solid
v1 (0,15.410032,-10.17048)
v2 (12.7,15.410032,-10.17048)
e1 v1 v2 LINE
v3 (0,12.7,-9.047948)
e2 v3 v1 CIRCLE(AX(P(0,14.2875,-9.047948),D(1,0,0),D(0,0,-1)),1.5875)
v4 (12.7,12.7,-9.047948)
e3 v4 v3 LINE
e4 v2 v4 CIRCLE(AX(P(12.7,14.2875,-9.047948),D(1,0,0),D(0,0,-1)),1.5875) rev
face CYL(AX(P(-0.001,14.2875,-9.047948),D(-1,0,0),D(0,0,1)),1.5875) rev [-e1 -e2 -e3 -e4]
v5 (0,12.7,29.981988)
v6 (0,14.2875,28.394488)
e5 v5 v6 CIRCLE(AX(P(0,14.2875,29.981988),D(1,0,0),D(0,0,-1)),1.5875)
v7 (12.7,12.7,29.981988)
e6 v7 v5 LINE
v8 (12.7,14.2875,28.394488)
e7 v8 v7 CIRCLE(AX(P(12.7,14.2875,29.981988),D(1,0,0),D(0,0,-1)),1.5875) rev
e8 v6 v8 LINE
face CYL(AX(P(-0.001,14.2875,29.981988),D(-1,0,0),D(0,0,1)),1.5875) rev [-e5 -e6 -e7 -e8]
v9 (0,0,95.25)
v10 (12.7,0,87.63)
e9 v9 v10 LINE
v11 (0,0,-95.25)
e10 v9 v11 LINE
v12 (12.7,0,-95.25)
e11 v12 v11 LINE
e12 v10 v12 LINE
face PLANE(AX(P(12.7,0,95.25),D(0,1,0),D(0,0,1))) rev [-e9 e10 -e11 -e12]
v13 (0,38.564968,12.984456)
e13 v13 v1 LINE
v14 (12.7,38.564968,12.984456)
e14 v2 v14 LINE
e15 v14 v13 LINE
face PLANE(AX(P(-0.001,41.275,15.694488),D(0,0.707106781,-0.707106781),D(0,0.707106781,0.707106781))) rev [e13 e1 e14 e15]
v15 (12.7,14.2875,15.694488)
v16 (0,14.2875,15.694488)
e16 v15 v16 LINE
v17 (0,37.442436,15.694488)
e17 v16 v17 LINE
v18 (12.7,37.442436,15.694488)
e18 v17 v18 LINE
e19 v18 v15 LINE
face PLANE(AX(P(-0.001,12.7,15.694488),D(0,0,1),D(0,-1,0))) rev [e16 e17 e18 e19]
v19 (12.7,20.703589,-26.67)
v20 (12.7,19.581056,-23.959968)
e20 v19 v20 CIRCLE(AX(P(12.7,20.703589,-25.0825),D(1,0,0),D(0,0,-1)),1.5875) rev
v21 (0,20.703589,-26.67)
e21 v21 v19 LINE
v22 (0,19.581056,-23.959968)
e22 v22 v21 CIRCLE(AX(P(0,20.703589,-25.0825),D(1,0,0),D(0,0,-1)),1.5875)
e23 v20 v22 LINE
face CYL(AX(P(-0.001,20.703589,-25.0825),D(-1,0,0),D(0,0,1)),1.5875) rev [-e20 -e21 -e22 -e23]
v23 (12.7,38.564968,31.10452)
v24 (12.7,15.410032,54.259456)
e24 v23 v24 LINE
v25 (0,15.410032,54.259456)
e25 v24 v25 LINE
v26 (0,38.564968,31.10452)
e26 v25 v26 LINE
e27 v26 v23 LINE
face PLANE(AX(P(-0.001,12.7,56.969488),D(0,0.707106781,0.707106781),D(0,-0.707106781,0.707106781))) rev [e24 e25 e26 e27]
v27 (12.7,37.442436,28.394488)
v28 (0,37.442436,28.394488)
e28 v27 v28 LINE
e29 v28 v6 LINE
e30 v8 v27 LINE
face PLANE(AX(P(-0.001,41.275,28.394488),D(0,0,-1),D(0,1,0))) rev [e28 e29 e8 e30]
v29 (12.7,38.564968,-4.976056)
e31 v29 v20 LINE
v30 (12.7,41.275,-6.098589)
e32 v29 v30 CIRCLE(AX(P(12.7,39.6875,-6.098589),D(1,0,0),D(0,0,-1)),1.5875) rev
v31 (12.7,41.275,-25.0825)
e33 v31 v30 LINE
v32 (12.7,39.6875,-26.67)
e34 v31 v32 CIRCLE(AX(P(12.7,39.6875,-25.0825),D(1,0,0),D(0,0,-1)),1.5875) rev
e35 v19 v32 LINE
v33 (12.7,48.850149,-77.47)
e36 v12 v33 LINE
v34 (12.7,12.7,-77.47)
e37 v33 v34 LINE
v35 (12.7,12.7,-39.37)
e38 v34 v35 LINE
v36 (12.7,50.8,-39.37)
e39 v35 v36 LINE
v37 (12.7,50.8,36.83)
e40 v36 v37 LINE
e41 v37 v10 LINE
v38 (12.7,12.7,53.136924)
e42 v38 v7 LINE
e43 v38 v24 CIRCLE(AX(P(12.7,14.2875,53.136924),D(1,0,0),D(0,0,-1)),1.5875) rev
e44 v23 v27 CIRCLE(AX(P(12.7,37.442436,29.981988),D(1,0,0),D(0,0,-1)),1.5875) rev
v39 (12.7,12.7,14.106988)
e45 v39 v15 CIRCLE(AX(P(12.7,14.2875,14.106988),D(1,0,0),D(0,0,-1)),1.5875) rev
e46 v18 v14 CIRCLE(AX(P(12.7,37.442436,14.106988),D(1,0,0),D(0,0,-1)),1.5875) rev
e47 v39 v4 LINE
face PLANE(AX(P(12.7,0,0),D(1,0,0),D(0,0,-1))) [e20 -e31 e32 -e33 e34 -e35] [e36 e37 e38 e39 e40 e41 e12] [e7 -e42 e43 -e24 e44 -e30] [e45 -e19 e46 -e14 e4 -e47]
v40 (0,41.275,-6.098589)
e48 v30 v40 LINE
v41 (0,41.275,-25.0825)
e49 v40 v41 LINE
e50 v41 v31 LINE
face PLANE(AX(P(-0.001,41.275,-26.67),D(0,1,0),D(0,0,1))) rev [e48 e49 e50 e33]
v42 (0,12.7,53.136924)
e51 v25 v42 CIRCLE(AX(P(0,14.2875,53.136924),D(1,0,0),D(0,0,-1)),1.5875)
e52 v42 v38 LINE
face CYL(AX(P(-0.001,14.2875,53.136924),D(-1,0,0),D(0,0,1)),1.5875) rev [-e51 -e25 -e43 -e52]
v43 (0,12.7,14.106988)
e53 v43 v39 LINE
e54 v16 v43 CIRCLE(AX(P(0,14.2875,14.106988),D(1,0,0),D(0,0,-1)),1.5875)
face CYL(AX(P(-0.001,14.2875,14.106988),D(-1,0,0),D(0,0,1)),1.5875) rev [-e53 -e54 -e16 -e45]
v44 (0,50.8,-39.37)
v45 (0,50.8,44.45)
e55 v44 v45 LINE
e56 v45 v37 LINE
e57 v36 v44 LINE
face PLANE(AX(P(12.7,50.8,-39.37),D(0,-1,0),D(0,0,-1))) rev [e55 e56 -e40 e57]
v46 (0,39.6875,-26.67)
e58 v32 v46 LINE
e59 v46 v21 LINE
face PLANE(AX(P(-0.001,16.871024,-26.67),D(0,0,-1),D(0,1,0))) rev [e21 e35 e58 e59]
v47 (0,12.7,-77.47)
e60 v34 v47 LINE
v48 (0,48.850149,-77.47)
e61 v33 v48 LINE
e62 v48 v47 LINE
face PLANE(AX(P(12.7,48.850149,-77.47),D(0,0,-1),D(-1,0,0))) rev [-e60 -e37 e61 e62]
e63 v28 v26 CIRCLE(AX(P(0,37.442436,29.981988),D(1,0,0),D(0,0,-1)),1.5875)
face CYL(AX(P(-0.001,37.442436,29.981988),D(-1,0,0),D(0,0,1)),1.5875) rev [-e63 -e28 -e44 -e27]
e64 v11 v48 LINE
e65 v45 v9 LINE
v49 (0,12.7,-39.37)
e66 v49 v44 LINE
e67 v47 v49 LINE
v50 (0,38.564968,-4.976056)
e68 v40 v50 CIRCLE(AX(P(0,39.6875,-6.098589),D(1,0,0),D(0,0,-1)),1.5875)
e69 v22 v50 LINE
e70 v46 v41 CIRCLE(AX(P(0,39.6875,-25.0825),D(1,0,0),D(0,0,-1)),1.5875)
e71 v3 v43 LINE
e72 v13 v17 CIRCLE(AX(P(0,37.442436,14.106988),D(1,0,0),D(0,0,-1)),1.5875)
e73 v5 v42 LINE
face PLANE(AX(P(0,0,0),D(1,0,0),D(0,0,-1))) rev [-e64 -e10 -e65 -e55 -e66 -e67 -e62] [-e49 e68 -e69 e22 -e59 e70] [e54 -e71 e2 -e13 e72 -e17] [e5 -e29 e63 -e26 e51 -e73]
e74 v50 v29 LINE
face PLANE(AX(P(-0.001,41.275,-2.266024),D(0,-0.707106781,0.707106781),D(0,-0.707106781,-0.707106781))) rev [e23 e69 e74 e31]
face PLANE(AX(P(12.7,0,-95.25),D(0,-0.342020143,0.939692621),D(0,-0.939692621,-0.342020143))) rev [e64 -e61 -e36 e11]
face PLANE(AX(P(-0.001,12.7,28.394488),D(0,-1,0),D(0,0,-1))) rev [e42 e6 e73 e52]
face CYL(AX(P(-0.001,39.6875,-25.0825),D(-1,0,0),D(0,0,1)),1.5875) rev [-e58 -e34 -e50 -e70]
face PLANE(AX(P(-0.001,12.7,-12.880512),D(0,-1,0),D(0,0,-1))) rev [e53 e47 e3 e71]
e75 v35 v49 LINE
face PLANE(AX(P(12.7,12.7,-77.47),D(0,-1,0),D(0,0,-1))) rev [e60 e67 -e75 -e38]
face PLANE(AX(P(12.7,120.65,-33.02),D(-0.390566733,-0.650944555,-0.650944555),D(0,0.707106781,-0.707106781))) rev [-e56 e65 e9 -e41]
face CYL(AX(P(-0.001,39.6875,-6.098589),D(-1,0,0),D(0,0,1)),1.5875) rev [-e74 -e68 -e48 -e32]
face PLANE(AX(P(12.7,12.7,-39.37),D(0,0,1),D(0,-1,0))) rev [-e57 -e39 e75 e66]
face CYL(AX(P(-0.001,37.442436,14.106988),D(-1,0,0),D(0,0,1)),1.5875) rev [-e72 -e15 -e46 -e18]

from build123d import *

# Parameters (mm, degrees)
BOSS_EXTRUDE1_DEPTH = 12.7
CUT_EXTRUDE1_DEPTH  = 155.131437711
CUT_EXTRUDE2_REACH  = 110.694
FILLET1_R           = 1.5875


with BuildPart() as part:
    # Sketch1 → Boss-Extrude1 (new body)
    with BuildSketch(Plane(origin=(0, 0, 0), x_dir=(0, 0, -1), z_dir=(1, 0, 0))):
        Polygon((-95.25, 0), (95.25, 0), (77.47, 48.850148518), (77.47, 12.7), (39.37, 12.7), (39.37, 50.8), (-44.45, 50.8), align=None)
    extrude(amount=BOSS_EXTRUDE1_DEPTH)

    # Sketch2 → Cut-Extrude1 (cut, through all, along a direction that is not the sketch's normal)
    with BuildSketch(Plane(origin=(0, 0, 0), x_dir=(-1, 0, 0), z_dir=(0, -1, 0))):
        Polygon((0, -95.25), (-12.7, -95.25), (-12.7, -87.63), align=None)
    extrude(amount=-CUT_EXTRUDE1_DEPTH, dir=(0, -0.7071067811865438, 0.7071067811865512), mode=Mode.SUBTRACT)

    # Sketch4 → Cut-Extrude2 (cut, up to next)
    with BuildSketch(Plane(origin=(12.7, 0, 0), x_dir=(0, 0, -1), z_dir=(1, 0, 0)), mode=Mode.PRIVATE) as cut_extrude2_sk1:
        Polygon((-56.969487758, 12.7), (-28.394487758, 41.275), (-28.394487758, 12.7), align=None)
    cut_extrude2_tool1 = extrude(cut_extrude2_sk1.sketch, amount=-CUT_EXTRUDE2_REACH, mode=Mode.PRIVATE) & part.part
    # Sketch4 → Cut-Extrude2 (cut, up to next)
    with BuildSketch(Plane(origin=(12.7, 0, 0), x_dir=(0, 0, -1), z_dir=(1, 0, 0)), mode=Mode.PRIVATE) as cut_extrude2_sk2:
        Polygon((-15.694487758, 12.7), (-15.694487758, 41.275), (12.880512242, 12.7), align=None)
    cut_extrude2_tool2 = extrude(cut_extrude2_sk2.sketch, amount=-CUT_EXTRUDE2_REACH, mode=Mode.PRIVATE) & part.part
    # Sketch4 → Cut-Extrude2 (cut, up to next)
    with BuildSketch(Plane(origin=(12.7, 0, 0), x_dir=(0, 0, -1), z_dir=(1, 0, 0)), mode=Mode.PRIVATE) as cut_extrude2_sk3:
        Polygon((2.266024484, 41.275), (26.67, 16.871024484), (26.67, 41.275), align=None)
    cut_extrude2_tool3 = extrude(cut_extrude2_sk3.sketch, amount=-CUT_EXTRUDE2_REACH, mode=Mode.PRIVATE) & part.part
    add(cut_extrude2_tool1.solids().sort_by_distance((12.7, 22.225, 37.919488))[0], mode=Mode.SUBTRACT)
    add(cut_extrude2_tool2.solids().sort_by_distance((12.7, 22.225, 6.169488))[0], mode=Mode.SUBTRACT)
    add(cut_extrude2_tool3.solids().sort_by_distance((12.7, 33.140341, -18.535341))[0], mode=Mode.SUBTRACT)

    # Fillet1
    fillet1_edges = [part.edges().sort_by_distance(p)[0] for p in [
        (6.35, 12.7, 28.394487758),
        (6.35, 12.7, 56.969487758),
        (6.35, 41.275, 28.394487758),
        (6.35, 41.275, -2.266024484),
        (6.35, 41.275, -26.67),
        (6.35, 16.871024484, -26.67),
        (6.35, 12.7, -12.880512242),
        (6.35, 12.7, 15.694487758),
        (6.35, 41.275, 15.694487758),
    ]]
    fillet(fillet1_edges, radius=FILLET1_R)


solid = part.part
